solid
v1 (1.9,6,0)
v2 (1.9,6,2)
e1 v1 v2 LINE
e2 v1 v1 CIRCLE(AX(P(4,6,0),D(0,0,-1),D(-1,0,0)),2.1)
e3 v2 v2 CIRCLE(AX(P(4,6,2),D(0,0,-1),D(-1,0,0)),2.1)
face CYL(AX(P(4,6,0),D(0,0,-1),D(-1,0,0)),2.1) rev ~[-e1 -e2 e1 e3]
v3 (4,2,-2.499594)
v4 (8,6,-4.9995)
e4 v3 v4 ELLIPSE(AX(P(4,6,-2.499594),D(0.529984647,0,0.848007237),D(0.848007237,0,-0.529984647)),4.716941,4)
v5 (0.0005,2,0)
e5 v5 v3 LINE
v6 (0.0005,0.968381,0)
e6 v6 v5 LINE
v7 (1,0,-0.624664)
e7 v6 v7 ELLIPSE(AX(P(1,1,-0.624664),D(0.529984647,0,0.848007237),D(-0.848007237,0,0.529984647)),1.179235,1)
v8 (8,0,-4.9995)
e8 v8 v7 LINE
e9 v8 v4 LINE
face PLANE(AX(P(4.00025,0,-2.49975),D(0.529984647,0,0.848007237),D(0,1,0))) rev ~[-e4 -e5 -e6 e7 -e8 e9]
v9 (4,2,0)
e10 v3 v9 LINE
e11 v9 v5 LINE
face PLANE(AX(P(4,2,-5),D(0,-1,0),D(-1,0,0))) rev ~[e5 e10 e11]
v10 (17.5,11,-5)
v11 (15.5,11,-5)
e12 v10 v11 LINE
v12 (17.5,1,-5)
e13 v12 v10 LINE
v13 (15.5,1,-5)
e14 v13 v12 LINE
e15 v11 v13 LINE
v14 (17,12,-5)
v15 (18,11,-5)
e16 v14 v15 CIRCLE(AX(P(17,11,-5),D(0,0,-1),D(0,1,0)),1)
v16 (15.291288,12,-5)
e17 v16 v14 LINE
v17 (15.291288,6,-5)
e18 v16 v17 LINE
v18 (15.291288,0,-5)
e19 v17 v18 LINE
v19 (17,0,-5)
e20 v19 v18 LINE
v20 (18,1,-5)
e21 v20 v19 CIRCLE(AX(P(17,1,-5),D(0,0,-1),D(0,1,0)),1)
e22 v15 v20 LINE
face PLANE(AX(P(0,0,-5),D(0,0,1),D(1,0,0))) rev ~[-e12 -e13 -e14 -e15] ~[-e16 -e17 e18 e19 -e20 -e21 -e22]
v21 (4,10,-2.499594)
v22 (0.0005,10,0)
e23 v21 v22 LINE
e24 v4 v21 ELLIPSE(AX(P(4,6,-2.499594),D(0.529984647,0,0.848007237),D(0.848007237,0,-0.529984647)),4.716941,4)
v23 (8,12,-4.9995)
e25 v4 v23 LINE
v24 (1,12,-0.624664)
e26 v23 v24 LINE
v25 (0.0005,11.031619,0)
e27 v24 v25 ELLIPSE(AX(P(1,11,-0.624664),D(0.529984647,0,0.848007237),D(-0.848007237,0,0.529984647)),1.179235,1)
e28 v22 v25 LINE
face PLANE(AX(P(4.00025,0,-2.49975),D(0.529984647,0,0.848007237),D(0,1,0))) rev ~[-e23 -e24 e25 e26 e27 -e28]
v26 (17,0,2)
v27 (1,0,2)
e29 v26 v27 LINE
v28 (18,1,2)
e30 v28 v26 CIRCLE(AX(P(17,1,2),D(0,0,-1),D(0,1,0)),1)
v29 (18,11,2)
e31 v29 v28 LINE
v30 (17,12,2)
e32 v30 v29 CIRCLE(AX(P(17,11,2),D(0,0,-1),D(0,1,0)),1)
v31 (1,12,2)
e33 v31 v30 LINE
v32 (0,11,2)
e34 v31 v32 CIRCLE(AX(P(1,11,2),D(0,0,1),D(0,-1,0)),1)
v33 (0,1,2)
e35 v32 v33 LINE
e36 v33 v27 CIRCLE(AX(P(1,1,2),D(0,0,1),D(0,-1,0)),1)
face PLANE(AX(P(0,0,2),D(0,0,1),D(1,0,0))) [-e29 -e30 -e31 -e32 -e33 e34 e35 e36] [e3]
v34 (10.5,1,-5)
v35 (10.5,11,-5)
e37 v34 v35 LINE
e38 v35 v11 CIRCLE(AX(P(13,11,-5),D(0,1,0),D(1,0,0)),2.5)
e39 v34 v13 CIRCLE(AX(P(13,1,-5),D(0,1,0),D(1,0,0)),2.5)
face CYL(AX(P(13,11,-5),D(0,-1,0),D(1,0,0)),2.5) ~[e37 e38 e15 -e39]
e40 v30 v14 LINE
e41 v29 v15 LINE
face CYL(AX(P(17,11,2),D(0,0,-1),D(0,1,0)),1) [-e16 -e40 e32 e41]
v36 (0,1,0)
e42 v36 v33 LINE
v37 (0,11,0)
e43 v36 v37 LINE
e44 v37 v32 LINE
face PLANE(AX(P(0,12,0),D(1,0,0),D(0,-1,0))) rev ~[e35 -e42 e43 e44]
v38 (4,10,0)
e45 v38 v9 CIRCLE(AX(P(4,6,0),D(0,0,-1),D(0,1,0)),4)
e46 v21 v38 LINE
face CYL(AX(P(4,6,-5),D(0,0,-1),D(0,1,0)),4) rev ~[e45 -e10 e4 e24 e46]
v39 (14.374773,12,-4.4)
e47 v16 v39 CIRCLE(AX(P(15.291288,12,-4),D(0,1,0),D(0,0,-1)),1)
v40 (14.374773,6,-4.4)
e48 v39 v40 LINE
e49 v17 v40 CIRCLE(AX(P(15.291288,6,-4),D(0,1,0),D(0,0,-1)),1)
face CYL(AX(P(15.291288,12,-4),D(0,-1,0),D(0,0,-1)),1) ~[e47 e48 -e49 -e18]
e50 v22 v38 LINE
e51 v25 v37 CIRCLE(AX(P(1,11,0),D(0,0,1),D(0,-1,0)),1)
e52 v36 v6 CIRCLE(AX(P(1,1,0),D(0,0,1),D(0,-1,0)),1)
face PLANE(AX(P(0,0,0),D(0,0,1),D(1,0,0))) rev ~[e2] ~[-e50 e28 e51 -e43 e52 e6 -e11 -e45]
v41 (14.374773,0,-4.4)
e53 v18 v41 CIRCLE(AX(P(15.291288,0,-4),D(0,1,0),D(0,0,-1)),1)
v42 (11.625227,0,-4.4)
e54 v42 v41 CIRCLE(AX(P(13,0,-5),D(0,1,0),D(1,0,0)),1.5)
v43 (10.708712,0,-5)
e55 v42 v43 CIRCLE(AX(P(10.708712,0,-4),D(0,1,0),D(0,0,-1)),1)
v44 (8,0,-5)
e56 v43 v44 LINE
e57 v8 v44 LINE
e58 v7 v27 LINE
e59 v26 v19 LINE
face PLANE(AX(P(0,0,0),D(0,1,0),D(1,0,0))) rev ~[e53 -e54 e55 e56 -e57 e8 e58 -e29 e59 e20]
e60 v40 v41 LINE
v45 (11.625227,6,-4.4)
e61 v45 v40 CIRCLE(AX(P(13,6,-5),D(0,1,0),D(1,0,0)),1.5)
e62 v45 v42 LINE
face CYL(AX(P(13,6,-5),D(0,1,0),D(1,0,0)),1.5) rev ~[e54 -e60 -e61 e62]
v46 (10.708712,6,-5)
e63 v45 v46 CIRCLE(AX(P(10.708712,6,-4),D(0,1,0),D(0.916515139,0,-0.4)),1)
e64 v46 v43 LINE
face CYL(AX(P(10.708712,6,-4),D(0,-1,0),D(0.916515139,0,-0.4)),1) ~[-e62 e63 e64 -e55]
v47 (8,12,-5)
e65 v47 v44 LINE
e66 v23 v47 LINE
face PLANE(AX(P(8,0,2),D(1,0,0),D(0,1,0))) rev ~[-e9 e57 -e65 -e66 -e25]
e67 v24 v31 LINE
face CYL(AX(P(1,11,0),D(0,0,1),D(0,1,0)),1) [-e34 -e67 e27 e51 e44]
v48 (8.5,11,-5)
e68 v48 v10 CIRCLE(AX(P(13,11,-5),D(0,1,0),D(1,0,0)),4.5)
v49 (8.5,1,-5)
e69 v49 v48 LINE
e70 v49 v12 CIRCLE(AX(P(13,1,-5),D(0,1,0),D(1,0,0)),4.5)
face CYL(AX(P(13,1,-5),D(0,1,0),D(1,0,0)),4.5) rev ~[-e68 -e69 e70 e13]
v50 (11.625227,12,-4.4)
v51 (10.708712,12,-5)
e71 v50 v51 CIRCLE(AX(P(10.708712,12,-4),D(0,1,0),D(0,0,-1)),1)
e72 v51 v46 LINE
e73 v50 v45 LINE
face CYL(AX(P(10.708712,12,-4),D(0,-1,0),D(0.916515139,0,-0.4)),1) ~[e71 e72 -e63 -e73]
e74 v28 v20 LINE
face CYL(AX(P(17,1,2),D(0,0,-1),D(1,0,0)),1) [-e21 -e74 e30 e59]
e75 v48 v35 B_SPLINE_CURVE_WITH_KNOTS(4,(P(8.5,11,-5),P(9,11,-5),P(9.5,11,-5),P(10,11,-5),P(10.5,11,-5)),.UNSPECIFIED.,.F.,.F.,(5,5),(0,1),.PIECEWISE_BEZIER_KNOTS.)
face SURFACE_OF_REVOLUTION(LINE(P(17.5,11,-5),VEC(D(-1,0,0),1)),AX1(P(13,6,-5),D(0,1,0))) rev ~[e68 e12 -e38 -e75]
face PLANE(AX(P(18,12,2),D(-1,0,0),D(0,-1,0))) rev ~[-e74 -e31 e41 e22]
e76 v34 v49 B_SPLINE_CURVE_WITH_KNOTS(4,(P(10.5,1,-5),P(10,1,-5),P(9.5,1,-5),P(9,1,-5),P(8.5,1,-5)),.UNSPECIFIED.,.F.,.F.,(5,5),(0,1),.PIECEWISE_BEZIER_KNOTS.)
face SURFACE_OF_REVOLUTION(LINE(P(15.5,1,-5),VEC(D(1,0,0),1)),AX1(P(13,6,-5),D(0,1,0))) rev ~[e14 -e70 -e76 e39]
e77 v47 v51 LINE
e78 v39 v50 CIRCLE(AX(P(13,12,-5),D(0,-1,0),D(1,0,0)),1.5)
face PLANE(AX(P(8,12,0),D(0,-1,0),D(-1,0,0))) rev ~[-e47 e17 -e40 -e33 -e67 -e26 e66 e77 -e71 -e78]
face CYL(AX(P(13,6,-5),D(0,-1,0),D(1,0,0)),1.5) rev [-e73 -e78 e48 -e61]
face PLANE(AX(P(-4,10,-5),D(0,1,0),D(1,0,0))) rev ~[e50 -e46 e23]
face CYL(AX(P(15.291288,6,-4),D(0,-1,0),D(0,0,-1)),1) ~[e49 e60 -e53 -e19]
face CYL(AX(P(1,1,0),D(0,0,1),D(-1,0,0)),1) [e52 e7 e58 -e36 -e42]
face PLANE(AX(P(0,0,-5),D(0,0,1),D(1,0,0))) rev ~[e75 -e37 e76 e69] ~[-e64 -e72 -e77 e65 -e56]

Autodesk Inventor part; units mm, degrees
ref_plane "YZ Plane" through (0, 0, 0) normal (1, 0, 0) x (0, 1, 0)
ref_plane "XZ Plane" through (0, 0, 0) normal (0, 1, 0) x (-1, 0, 0)
sketch "Esquisse1" plane through (0, 0, 0) normal (0, 0, 1) x (1, 0, 0)
  line L0 (0, 0) -> (8, 0)
  line L1 (8, 0) -> (8, 12)
  line L2 (8, 12) -> (0, 12)
  line L3 (0, 12) -> (0, 0)
  dimension "d0" = 8
  dimension "d1" = 12
extrude "Extrusion1" add sketch "Esquisse1" along normal blind 2
sketch "Esquisse2" plane through (0, 0, 2) normal (0, 0, 1) x (1, 0, 0)
  line L0 (8, 0) -> (8, 12) projected
  line L1 (8, 12) -> (18, 12)
  line L2 (18, 12) -> (18, 0)
  line L3 (18, 0) -> (8, 0)
  line L4 (8, 0) -> (8, 12)
  point P0 (0, 0)
  dimension "d7" = 10
extrude "Extrusion2" add sketch "Esquisse2" against normal blind 7
chamfer "Chanfrein1" distance 5 distance2 8 1 edges at (8, 6, 0) measured on face at (8, 4, -1.6667)
sketch "Esquisse3" plane through (0, 0, -5) normal (0, 0, -1) x (-1, 0, 0)
  arc A0 (-4, 10) -> (-4, 2) centre (-4, 6) ccw
  line L0 (-8, 0) -> (-8, 12) projected
  line L1 (-4, 2) -> (4, 2)
  line L2 (4, 2) -> (4, 10)
  line L3 (4, 10) -> (-4, 10)
  point P0 (0, 0)
  dimension "d13" = 8
extrude "Extrusion3" cut sketch "Esquisse3" against normal blind 5
sketch "Esquisse4" plane through (0, 0, 0) normal (0, 0, -1) x (-1, 0, 0)
  arc A0 (-4, 10) -> (-8, 6) centre (-4, 6) ccw projected
  circle A1 centre (-4, 6) radius 2.1
  point P0 (0, 0)
  dimension "d16" = 4.2
extrude "Extrusion4" cut sketch "Esquisse4" against normal through all
ref_plane "Plan de construction2" through (0, 6, 2) normal (0, 1, 0) x (1, 0, 0)
sketch "Esquisse10" plane through (0, 6, 2) normal (0, 1, 0) x (1, 0, 0)
  line L0 (18, 7) -> (8, 7) projected
  circle A0 centre (13, 7) radius 3.5
  point P0 (0, 2)
  dimension "d29" = 7
sketch "Esquisse12" plane through (0, 0, -5) normal (0, 0, -1) x (-1, 0, 0)
  line L0 (-9.5, 6) -> (-16.5, 6) projected
  line L1 (-8.5, 11) -> (-10.5, 11)
  line L2 (-10.5, 11) -> (-10.5, 1)
  line L3 (-10.5, 1) -> (-8.5, 1)
  line L4 (-8.5, 1) -> (-8.5, 11)
  line L5 (-8.5, 11) -> (-10.5, 1) construction
  line L6 (-10.5, 11) -> (-8.5, 1) construction
  point P0 (0, 0)
  dimension "d30" = 2
sweep "Balayage2" cut profiles "Esquisse12" path "Esquisse10" path curves A0
sketch "Esquisse13" plane through (0, 6, 2) normal (0, 1, 0) x (1, 0, 0)
  line L0 (8, 7) -> (18, 7) projected
  circle A0 centre (13, 7) radius 1.5
  point P0 (0, 2)
  dimension "d33" = 3
extrude "Extrusion6" cut sketch "Esquisse13" along normal through all both and the other way through all
fillet "Congé3" radius 1 4 edges at (14.5, 3, -5) (14.5, 9, -5) (11.5, 9, -5) (11.5, 3, -5)
fillet "Congé4" radius 1 4 edges at (18, 12, -1.5) (18, 0, -1.5) (0, 0, 1) (0, 12, 1)
properties part number "passe cable"
